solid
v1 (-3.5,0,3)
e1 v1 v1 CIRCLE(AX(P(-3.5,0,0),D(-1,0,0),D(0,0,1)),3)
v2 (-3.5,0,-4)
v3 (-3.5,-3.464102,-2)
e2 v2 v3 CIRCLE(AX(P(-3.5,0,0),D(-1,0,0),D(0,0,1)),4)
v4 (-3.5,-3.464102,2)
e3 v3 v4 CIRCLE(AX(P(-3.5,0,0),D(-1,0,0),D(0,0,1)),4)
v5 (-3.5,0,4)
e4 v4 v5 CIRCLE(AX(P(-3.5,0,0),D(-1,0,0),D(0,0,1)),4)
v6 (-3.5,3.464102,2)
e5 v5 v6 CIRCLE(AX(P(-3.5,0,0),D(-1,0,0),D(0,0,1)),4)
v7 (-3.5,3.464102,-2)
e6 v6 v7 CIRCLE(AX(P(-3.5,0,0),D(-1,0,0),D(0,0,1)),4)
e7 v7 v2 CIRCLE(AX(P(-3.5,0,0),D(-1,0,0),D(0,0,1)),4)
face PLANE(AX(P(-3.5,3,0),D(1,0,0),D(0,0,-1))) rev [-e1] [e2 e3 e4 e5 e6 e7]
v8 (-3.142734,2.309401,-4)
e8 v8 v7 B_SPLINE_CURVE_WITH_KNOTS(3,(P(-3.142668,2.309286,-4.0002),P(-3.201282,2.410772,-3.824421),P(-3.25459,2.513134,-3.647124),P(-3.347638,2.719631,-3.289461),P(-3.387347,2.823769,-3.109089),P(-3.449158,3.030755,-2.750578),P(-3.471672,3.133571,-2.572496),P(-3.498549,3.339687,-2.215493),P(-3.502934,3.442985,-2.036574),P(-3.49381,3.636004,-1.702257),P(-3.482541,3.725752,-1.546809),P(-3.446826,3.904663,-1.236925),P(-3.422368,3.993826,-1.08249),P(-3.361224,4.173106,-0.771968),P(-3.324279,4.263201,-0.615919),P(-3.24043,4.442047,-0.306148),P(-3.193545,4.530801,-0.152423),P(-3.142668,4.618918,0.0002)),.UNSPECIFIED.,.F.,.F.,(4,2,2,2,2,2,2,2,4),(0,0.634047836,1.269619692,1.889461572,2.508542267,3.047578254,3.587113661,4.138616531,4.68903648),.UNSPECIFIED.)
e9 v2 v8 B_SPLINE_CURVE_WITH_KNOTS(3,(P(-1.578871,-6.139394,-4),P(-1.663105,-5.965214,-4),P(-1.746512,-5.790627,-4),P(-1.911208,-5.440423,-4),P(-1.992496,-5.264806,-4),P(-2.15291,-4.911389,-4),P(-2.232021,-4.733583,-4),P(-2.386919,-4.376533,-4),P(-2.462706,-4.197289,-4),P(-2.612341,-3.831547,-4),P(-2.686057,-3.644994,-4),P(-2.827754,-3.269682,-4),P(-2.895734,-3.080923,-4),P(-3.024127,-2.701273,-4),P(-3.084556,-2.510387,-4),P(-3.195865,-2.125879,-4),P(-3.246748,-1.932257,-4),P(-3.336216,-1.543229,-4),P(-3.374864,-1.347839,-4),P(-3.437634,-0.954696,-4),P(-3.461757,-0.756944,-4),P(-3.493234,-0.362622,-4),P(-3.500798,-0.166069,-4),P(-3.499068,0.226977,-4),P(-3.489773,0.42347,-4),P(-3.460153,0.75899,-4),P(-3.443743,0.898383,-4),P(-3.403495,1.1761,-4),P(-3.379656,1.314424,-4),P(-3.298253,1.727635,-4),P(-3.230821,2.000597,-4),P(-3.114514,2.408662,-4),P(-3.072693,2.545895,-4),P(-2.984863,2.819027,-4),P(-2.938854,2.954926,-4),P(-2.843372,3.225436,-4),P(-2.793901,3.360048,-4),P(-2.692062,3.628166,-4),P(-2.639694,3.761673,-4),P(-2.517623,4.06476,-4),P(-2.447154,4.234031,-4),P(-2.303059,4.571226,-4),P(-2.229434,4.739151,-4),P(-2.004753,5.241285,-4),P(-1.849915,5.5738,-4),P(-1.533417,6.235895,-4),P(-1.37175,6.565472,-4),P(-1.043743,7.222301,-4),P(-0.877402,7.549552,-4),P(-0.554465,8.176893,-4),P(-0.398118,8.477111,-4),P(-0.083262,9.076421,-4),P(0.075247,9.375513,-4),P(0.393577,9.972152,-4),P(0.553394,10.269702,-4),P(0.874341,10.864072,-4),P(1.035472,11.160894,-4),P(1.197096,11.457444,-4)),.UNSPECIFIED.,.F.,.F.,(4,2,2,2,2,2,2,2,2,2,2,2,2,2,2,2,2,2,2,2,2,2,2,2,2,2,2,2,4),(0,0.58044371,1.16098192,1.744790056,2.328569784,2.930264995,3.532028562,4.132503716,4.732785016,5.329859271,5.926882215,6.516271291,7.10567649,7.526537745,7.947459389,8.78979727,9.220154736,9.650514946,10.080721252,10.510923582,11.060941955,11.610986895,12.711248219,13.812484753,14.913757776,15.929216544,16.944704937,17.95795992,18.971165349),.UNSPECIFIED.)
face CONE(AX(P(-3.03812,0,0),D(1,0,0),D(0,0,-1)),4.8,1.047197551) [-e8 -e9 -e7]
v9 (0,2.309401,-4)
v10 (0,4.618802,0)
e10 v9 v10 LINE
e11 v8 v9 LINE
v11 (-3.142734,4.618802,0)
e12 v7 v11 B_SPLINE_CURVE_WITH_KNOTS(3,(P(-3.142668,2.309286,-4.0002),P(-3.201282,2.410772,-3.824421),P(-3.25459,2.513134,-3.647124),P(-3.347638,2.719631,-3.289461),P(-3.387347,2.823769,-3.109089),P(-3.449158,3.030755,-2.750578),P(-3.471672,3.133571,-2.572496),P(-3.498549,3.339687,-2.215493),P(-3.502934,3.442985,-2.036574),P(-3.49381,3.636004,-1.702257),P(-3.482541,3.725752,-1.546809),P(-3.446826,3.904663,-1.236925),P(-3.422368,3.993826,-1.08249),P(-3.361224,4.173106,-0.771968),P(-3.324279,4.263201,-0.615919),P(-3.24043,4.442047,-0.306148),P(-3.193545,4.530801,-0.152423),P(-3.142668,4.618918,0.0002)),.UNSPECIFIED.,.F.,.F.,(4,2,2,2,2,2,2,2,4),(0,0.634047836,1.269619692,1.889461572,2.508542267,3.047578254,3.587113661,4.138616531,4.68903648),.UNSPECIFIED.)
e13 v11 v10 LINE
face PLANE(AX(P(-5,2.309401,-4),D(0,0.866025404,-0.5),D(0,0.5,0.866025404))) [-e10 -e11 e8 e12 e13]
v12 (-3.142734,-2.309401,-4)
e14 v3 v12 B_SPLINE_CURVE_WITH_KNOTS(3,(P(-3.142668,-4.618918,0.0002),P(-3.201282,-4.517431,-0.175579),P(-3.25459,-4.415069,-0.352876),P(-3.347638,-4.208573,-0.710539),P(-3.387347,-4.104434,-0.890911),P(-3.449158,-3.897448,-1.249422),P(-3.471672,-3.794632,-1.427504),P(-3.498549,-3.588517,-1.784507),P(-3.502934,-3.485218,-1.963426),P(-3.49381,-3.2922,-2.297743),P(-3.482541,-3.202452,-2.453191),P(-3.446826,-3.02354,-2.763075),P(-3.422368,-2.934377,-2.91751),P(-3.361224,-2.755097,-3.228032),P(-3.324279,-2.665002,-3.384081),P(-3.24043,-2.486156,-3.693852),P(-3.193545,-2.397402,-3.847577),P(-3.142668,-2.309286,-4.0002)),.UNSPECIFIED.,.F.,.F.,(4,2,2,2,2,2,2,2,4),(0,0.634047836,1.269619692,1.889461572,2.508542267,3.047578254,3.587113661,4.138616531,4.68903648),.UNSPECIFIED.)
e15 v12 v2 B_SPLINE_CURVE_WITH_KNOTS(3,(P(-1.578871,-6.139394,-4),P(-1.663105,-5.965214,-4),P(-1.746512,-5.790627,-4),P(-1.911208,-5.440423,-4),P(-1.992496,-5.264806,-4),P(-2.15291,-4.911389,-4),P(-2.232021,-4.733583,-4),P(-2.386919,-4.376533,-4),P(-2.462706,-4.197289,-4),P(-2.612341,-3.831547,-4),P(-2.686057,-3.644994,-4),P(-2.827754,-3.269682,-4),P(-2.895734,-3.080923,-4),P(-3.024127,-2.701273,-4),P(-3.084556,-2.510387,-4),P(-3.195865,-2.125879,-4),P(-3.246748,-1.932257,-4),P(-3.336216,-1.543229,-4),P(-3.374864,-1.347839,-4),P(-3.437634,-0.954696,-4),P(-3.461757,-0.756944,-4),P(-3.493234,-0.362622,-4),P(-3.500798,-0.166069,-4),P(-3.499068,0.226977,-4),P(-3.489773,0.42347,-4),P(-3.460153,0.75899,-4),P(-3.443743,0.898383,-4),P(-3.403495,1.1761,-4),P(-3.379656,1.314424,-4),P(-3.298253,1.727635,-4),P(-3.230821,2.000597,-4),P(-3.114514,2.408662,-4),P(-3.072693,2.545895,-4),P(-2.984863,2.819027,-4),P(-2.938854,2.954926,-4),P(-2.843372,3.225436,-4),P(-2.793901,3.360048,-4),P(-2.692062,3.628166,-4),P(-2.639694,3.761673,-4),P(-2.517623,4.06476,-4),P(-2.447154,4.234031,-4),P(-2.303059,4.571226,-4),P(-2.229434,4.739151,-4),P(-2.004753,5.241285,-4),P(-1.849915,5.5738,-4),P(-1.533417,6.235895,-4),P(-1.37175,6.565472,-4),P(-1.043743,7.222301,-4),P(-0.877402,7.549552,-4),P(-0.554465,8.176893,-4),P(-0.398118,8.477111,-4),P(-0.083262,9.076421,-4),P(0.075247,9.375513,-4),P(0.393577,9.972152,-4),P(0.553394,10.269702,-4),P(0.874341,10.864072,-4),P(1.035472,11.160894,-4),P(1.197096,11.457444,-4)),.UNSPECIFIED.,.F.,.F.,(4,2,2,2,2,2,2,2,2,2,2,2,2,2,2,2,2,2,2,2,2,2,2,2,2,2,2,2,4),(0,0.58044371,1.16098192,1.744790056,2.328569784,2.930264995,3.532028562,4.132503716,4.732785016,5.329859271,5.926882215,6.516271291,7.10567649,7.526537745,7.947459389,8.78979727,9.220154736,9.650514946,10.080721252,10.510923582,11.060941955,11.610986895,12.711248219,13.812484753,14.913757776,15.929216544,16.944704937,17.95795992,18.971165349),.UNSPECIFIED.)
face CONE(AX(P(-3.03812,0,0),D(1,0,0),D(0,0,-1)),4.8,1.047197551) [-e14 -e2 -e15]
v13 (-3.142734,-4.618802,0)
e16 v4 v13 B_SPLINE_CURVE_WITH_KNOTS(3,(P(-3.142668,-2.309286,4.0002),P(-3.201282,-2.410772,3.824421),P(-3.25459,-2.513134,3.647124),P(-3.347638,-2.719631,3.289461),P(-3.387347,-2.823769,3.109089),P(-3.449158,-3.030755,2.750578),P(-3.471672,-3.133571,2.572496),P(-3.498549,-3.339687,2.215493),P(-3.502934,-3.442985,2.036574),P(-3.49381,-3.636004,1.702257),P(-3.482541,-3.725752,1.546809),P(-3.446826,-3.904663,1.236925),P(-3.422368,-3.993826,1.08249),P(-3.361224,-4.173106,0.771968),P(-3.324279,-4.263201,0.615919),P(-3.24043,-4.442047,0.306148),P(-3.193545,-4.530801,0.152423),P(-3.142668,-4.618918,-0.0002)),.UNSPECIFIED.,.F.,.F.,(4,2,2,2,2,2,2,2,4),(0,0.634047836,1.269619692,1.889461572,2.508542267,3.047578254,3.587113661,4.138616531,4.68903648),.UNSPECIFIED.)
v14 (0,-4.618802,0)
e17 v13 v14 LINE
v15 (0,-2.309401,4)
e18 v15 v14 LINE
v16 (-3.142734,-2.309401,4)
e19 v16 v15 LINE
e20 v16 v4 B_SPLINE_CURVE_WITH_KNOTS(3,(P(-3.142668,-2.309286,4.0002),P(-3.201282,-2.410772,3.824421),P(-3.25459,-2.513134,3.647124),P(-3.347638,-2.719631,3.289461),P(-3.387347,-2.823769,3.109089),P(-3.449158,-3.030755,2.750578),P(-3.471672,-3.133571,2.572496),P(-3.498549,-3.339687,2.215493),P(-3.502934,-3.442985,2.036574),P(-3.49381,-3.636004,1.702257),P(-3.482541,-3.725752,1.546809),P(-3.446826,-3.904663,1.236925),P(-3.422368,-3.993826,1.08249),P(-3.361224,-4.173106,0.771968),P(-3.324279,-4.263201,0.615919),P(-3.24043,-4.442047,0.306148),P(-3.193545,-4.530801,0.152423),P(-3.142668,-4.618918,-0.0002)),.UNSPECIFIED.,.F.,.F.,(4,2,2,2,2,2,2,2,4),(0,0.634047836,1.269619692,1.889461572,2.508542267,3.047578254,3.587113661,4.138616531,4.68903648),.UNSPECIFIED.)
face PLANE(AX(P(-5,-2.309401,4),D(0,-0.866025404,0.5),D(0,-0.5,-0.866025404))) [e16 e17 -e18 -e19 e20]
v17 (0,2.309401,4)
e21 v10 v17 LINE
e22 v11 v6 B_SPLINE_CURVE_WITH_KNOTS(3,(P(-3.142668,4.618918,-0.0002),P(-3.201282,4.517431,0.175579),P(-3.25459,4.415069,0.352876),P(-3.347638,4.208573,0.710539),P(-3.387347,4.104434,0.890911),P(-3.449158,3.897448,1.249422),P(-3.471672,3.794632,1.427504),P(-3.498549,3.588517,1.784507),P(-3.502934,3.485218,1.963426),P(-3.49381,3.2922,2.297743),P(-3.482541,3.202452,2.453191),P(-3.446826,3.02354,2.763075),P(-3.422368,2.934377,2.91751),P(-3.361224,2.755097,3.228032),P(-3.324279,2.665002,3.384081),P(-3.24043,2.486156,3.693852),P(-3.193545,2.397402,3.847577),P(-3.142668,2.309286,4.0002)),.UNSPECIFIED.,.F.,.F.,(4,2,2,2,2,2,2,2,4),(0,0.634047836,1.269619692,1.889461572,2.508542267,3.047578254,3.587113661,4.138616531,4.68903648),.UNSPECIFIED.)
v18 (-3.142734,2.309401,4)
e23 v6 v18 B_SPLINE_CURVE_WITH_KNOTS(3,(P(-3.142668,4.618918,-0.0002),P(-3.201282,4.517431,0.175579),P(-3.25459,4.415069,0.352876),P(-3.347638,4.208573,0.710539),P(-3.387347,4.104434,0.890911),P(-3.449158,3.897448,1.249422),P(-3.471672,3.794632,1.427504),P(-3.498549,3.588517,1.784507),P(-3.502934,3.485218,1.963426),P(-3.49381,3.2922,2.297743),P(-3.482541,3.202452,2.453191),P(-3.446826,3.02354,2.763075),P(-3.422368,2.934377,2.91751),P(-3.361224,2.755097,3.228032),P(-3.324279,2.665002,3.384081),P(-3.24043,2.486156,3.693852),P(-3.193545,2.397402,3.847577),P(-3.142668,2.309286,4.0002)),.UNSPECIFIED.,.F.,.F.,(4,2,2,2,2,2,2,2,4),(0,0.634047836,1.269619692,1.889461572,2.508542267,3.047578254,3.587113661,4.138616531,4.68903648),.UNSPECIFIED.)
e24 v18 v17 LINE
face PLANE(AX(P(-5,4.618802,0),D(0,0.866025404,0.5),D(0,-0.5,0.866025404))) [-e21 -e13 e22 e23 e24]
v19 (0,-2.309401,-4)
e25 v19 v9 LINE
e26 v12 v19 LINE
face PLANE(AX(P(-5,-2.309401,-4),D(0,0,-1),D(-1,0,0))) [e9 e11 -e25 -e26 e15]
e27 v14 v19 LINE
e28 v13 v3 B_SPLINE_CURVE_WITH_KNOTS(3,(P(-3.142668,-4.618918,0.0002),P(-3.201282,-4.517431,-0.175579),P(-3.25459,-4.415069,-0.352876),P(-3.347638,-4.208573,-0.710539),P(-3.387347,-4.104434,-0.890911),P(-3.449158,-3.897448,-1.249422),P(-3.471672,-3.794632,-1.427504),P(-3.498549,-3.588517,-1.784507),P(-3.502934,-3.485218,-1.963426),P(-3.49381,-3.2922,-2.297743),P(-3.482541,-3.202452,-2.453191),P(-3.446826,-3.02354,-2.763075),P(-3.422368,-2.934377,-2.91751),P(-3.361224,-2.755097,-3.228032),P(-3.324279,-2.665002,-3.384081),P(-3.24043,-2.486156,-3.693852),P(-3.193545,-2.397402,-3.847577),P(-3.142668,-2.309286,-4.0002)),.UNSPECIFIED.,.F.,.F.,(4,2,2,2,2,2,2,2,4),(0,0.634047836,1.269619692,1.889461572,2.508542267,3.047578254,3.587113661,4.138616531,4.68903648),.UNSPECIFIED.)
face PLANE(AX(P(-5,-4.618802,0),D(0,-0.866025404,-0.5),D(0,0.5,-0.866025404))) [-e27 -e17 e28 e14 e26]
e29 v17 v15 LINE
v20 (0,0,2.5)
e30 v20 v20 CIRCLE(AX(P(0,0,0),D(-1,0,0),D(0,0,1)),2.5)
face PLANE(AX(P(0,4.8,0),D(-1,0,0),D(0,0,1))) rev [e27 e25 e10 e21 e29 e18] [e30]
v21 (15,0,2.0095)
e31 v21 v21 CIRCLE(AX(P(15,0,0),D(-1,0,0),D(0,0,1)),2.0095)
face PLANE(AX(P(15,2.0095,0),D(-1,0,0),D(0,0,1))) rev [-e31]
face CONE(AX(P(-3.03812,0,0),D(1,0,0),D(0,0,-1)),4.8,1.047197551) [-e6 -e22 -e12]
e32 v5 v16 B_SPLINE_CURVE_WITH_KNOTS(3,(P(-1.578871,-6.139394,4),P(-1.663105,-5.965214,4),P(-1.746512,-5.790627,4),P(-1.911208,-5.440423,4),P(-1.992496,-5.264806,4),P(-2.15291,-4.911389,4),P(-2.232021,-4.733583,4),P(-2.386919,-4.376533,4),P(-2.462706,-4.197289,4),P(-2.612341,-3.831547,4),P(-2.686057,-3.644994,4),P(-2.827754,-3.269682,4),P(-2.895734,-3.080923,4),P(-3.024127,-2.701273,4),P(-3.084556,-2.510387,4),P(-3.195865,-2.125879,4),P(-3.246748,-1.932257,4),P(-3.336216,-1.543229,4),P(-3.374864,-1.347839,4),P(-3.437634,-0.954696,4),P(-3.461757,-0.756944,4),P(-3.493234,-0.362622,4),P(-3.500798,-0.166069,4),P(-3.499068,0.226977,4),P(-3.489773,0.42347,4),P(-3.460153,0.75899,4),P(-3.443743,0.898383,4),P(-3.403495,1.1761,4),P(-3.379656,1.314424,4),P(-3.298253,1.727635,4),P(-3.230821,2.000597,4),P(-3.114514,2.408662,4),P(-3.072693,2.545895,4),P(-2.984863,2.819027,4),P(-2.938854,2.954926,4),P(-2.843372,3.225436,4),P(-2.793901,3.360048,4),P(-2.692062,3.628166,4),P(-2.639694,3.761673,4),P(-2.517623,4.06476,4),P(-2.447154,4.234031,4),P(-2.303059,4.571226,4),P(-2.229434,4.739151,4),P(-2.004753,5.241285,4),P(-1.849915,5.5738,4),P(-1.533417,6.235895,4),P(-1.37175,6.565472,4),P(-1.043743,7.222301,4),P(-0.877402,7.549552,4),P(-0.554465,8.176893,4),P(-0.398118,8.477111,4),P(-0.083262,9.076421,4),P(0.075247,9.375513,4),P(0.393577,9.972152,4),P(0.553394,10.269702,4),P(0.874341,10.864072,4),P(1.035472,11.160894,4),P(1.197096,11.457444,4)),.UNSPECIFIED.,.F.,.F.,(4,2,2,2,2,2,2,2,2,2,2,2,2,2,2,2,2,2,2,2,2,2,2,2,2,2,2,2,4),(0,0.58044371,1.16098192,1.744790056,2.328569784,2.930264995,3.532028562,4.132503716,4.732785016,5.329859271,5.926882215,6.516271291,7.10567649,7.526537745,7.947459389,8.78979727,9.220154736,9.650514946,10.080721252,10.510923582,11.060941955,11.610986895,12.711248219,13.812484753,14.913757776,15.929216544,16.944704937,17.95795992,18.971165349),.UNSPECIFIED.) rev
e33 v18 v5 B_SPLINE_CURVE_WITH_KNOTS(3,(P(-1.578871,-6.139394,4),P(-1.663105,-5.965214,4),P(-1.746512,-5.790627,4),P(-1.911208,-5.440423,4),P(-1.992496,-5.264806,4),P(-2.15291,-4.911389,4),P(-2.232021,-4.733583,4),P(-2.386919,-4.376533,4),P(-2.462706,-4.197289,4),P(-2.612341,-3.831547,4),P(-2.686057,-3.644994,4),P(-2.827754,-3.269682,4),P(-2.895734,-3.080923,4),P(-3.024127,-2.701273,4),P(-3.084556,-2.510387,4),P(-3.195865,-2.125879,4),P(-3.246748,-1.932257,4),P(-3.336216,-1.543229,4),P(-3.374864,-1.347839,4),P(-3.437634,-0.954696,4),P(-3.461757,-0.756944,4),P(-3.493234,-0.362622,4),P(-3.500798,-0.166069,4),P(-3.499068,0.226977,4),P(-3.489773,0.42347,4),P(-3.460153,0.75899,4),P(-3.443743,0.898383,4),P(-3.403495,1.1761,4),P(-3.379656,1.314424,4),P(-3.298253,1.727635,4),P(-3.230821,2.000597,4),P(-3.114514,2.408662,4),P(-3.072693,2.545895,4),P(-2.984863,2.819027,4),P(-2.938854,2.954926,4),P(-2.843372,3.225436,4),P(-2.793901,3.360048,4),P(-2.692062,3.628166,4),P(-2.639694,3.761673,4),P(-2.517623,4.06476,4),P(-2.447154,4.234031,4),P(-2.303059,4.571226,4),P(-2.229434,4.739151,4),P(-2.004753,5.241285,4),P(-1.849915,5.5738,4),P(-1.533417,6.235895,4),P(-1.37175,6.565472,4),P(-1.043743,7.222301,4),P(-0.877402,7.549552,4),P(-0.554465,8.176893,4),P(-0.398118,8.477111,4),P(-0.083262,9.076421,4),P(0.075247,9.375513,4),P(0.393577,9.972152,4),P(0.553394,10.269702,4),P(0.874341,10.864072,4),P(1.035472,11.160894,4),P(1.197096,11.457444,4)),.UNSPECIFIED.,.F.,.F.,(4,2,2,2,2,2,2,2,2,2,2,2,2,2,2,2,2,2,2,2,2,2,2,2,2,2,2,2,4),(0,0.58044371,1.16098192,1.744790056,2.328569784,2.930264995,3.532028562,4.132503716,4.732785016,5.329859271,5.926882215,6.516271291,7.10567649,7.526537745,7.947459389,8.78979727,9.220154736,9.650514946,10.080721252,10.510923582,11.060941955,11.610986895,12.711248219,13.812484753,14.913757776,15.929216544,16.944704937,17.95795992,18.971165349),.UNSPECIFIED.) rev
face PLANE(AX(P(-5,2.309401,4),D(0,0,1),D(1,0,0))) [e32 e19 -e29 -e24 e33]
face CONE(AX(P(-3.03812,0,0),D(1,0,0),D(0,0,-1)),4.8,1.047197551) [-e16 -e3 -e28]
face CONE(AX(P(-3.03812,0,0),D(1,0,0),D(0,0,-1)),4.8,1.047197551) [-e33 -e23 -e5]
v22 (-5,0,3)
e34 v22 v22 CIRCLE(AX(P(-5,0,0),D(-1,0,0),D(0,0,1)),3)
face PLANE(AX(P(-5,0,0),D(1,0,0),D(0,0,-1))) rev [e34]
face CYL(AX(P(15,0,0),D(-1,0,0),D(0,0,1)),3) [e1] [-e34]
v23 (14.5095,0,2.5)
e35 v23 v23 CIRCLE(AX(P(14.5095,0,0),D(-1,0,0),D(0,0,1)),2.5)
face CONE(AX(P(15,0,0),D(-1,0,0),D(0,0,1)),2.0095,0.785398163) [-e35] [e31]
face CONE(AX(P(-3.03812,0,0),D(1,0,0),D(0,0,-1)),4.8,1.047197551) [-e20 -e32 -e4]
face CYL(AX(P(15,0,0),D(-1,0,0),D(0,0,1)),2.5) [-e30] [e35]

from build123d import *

# Parameters (mm, degrees)
SKETCH_2_W          = 18.4
SKETCH_2_H          = 18.4
CUT_EXTRUDE_1_DEPTH = 5


with BuildPart() as part:
    # 草图1 → 旋转1 (revolve)
    with BuildSketch(Plane.XY):
        Polygon((-5, 0), (-5, 3), (-3.5, 3), (-3.5, 4), (-3.038119785, 4.8), (0, 4.8), (0, 2.5), (14.5095, 2.5), (15, 2.0095), (15, 0), align=None)
    revolve(axis=Axis((15, 0, 0), (-1, 0, 0)))

    # 草图2 → 切除-拉伸1 (cut)
    with BuildSketch(Plane(origin=(0, 0, 0), x_dir=(0, 0, -1), z_dir=(1, 0, 0))):
        Rectangle(SKETCH_2_W, SKETCH_2_H)
        Polygon((-4, 2.309401077), (-4, -2.309401077), (0, -4.618802154), (4, -2.309401077), (4, 2.309401077), (0, 4.618802154), align=None, mode=Mode.SUBTRACT)
    extrude(amount=-CUT_EXTRUDE_1_DEPTH, mode=Mode.SUBTRACT)


solid = part.part
